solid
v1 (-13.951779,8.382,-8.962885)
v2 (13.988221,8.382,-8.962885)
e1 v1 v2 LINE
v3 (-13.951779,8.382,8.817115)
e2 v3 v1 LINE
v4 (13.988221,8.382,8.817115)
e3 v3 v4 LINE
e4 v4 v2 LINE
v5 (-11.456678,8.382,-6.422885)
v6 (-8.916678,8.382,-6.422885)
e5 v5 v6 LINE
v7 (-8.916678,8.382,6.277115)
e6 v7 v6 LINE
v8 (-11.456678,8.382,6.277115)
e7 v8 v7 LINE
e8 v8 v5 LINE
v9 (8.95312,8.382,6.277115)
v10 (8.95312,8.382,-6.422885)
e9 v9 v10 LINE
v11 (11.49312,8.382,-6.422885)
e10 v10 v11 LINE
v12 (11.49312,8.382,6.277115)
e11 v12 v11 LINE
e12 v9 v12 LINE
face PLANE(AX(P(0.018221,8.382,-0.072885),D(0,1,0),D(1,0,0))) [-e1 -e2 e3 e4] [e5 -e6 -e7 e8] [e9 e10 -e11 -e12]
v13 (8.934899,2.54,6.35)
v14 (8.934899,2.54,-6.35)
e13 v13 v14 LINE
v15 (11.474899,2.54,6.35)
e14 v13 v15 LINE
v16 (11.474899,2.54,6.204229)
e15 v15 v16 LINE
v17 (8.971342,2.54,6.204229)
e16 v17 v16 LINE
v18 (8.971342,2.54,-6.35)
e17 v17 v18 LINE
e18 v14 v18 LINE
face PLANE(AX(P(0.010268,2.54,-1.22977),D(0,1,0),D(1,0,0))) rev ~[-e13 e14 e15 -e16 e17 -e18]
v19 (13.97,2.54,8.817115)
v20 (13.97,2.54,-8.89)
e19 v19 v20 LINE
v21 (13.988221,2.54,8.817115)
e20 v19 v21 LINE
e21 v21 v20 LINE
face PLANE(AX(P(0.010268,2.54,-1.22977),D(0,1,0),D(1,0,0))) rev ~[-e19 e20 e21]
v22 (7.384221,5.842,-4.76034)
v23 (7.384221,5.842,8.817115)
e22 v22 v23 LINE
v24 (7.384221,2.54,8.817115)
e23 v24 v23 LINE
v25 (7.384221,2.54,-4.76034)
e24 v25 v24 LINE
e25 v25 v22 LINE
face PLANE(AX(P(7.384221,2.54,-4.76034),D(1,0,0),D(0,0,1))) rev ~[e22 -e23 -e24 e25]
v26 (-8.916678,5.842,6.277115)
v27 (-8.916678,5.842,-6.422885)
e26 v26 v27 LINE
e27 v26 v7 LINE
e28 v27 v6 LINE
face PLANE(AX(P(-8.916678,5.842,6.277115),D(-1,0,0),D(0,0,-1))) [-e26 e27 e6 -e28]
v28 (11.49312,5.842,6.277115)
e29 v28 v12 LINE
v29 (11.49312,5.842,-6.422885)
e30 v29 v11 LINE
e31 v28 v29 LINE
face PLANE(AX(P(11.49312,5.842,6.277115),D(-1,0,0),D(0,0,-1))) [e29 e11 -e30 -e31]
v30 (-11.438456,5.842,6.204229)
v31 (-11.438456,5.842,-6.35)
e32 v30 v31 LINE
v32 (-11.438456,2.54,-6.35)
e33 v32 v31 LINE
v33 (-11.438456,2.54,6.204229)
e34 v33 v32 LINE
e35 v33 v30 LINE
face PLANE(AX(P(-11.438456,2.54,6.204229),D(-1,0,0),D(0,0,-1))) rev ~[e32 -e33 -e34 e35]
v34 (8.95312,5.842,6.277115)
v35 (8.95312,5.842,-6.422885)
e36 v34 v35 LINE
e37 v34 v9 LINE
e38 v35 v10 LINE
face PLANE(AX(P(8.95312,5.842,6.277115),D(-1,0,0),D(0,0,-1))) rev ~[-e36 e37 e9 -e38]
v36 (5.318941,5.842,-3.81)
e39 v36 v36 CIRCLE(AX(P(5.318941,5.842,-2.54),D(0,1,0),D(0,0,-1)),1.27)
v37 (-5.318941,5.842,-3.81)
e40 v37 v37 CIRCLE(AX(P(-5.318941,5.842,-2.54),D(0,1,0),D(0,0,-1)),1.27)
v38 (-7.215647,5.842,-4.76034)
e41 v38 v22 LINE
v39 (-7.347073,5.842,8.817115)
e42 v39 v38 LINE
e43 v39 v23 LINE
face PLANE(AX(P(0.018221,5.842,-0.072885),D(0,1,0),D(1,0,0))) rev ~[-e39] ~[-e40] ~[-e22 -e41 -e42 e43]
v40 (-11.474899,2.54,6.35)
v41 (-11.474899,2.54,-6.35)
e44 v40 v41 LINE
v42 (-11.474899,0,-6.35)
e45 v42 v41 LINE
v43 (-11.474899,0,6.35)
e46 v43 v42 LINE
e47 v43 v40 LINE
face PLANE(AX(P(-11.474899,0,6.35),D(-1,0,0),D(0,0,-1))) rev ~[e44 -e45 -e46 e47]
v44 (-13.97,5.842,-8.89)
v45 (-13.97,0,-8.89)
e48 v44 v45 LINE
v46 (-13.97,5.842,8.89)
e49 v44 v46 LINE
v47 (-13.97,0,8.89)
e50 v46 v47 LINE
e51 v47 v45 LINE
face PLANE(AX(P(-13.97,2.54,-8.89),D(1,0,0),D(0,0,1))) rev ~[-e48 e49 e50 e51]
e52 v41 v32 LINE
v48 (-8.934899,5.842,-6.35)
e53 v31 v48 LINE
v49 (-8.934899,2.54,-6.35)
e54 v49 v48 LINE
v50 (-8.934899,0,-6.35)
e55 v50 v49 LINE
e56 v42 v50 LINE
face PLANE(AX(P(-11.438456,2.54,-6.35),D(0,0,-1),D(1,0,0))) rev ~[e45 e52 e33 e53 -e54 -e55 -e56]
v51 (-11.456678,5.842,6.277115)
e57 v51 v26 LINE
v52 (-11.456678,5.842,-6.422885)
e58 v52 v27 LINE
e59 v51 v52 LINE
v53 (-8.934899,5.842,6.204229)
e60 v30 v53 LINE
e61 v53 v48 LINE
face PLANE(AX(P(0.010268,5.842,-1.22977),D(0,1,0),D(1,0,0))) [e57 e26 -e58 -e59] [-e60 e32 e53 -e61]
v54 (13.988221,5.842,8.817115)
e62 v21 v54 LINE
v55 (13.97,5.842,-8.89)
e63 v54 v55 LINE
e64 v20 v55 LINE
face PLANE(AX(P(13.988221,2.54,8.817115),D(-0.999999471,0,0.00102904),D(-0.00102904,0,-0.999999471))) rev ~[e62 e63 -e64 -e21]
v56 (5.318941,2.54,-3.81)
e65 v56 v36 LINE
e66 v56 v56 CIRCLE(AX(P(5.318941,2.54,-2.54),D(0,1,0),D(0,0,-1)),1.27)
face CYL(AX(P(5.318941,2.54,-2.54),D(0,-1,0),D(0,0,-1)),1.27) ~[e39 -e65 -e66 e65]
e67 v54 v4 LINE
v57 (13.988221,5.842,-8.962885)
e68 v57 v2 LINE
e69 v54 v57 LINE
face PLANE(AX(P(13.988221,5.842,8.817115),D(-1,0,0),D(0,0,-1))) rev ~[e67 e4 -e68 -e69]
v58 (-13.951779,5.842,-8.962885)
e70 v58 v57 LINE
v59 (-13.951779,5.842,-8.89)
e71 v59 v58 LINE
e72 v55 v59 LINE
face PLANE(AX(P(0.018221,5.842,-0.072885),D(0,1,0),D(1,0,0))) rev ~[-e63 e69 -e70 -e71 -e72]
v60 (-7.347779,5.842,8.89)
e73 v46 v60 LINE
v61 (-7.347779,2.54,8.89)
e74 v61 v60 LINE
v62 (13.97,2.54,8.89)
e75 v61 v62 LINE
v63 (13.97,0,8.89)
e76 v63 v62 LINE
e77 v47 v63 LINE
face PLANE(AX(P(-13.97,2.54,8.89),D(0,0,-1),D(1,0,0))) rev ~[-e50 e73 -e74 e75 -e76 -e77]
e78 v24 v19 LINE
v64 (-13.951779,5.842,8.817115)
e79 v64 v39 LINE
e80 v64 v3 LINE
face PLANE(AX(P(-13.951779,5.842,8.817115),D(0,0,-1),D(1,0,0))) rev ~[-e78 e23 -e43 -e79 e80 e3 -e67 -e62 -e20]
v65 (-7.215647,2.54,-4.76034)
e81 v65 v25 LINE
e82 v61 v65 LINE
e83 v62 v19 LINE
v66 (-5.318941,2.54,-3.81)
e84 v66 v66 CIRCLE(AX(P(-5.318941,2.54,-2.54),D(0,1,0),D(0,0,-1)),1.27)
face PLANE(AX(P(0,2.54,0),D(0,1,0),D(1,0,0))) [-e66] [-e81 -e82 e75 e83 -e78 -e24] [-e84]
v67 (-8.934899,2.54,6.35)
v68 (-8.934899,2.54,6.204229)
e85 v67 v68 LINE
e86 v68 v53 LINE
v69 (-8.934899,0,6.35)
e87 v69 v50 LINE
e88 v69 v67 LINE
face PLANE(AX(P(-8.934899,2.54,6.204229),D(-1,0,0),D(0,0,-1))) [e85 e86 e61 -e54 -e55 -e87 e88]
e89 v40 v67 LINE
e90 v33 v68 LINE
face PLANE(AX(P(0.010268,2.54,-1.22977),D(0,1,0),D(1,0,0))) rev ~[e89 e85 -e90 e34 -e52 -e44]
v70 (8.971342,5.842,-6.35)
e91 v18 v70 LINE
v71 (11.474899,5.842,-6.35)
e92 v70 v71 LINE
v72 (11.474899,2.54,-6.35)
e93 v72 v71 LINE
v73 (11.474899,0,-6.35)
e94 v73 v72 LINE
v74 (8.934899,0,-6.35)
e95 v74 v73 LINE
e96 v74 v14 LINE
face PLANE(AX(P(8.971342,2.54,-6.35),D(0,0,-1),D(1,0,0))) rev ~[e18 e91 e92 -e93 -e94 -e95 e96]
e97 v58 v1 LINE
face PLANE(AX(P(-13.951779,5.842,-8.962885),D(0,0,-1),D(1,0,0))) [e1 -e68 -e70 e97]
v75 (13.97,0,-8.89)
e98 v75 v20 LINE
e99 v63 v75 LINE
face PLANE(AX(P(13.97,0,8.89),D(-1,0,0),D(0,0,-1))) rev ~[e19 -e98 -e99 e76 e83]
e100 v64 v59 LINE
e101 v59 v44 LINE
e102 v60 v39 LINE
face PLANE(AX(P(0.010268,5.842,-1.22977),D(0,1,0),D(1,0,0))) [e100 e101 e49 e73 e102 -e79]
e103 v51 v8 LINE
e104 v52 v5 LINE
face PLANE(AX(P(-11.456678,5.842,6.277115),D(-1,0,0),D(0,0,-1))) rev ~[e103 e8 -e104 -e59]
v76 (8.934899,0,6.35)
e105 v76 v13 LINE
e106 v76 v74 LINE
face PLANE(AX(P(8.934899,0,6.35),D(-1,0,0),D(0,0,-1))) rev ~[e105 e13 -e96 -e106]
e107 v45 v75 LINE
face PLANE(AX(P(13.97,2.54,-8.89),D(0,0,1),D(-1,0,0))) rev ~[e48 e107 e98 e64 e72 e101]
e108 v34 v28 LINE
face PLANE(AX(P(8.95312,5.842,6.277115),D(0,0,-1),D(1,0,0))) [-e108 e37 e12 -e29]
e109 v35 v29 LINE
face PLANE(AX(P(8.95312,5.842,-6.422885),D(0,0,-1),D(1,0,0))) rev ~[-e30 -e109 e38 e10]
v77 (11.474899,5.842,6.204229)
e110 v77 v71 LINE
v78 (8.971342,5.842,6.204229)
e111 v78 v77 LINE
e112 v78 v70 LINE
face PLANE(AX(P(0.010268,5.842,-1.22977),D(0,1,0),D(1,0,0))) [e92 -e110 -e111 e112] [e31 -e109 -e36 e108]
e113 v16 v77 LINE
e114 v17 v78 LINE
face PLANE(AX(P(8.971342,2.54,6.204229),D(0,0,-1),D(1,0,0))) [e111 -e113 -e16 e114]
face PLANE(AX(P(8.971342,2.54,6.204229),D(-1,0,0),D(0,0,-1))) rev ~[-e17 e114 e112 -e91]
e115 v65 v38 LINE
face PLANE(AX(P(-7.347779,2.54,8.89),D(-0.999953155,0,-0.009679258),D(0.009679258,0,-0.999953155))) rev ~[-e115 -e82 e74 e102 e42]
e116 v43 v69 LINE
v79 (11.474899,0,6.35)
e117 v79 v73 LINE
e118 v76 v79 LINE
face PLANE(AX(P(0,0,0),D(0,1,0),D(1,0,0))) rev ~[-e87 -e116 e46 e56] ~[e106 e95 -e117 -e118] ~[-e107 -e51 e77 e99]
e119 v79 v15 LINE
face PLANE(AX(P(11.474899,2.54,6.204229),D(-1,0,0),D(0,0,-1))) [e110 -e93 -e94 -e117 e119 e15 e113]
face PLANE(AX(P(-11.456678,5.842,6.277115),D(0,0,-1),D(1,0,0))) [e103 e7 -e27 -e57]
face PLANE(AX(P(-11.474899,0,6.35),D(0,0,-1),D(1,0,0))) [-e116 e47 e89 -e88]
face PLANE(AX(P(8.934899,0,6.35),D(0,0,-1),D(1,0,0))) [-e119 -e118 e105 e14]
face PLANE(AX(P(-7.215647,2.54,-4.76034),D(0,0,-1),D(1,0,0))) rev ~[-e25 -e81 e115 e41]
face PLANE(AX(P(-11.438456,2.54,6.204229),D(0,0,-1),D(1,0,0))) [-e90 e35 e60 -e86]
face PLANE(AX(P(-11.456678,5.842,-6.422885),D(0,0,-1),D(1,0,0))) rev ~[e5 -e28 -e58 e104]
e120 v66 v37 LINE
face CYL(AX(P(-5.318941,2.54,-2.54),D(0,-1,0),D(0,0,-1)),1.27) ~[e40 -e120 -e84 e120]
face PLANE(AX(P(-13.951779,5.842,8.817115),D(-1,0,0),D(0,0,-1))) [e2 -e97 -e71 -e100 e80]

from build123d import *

# Parameters (mm, degrees)
SKETCH1_W           = 27.94
SKETCH1_H           = 17.78
SKETCH1_W_2         = 2.54
SKETCH1_H_2         = 12.7
BOSS_EXTRUDE2_DEPTH = 2.54
SKETCH3_R           = 1.27
BOSS_EXTRUDE3_DEPTH = 3.302
SKETCH6_W           = 2.503557337
SKETCH6_H           = 12.554229347
BOSS_EXTRUDE6_DEPTH = 3.302
SKETCH4_W           = 27.94
SKETCH4_H           = 17.78
SKETCH4_W_2         = 2.54
SKETCH4_H_2         = 12.7
BOSS_EXTRUDE7_DEPTH = 2.54


with BuildPart() as part:
    # Sketch1 → Boss-Extrude2 (new body)
    with BuildSketch(Plane(origin=(0, 0, 0), x_dir=(1, 0, 0), z_dir=(0, 1, 0))):
        Rectangle(SKETCH1_W, SKETCH1_H)
        with Locations((-10.20489899, 0)):
            Rectangle(SKETCH1_W_2, SKETCH1_H_2, mode=Mode.SUBTRACT)
        with Locations((10.20489899, 0)):
            Rectangle(SKETCH1_W_2, SKETCH1_H_2, mode=Mode.SUBTRACT)
    extrude(amount=BOSS_EXTRUDE2_DEPTH)

    # Sketch3 → Boss-Extrude3 (add)
    with BuildSketch(Plane(origin=(0, 2.54, 0), x_dir=(1, 0, 0), z_dir=(0, 1, 0))):
        with Locations(Location((-5.318941048, 2.54, 0), (0, 0, 90))):
            Circle(SKETCH3_R)
        with Locations(Location((5.318941048, 2.54, 0), (0, 0, 90))):
            Circle(SKETCH3_R)
    extrude(amount=BOSS_EXTRUDE3_DEPTH)

    # Sketch6 → Boss-Extrude6 (add)
    with BuildSketch(Plane(origin=(0, 2.54, 0), x_dir=(1, 0, 0), z_dir=(0, 1, 0))):
        Polygon((-7.215647318, 4.760339872), (7.384221332, 4.760339872), (7.384221332, -8.817114674), (13.988221332, -8.817114674), (13.97, 8.89), (-13.97, 8.89), (-13.97, -8.89), (-7.347778668, -8.89), align=None)
        with Locations((10.223120322, 0.072885327)):
            Rectangle(SKETCH6_W, SKETCH6_H, mode=Mode.SUBTRACT)
        with Locations((-10.186677659, 0.072885327)):
            Rectangle(SKETCH6_W, SKETCH6_H, mode=Mode.SUBTRACT)
    extrude(amount=BOSS_EXTRUDE6_DEPTH)

    # Sketch4 → Boss-Extrude7 (add)
    with BuildSketch(Plane(origin=(0, 5.842, 0), x_dir=(1, 0, 0), z_dir=(0, 1, 0))):
        with Locations((0.018221332, 0.072885326)):
            Rectangle(SKETCH4_W, SKETCH4_H)
        with Locations((-10.186677658, 0.072885326)):
            Rectangle(SKETCH4_W_2, SKETCH4_H_2, mode=Mode.SUBTRACT)
        with Locations((10.223120322, 0.072885326)):
            Rectangle(SKETCH4_W_2, SKETCH4_H_2, mode=Mode.SUBTRACT)
    extrude(amount=BOSS_EXTRUDE7_DEPTH)


solid = part.part
